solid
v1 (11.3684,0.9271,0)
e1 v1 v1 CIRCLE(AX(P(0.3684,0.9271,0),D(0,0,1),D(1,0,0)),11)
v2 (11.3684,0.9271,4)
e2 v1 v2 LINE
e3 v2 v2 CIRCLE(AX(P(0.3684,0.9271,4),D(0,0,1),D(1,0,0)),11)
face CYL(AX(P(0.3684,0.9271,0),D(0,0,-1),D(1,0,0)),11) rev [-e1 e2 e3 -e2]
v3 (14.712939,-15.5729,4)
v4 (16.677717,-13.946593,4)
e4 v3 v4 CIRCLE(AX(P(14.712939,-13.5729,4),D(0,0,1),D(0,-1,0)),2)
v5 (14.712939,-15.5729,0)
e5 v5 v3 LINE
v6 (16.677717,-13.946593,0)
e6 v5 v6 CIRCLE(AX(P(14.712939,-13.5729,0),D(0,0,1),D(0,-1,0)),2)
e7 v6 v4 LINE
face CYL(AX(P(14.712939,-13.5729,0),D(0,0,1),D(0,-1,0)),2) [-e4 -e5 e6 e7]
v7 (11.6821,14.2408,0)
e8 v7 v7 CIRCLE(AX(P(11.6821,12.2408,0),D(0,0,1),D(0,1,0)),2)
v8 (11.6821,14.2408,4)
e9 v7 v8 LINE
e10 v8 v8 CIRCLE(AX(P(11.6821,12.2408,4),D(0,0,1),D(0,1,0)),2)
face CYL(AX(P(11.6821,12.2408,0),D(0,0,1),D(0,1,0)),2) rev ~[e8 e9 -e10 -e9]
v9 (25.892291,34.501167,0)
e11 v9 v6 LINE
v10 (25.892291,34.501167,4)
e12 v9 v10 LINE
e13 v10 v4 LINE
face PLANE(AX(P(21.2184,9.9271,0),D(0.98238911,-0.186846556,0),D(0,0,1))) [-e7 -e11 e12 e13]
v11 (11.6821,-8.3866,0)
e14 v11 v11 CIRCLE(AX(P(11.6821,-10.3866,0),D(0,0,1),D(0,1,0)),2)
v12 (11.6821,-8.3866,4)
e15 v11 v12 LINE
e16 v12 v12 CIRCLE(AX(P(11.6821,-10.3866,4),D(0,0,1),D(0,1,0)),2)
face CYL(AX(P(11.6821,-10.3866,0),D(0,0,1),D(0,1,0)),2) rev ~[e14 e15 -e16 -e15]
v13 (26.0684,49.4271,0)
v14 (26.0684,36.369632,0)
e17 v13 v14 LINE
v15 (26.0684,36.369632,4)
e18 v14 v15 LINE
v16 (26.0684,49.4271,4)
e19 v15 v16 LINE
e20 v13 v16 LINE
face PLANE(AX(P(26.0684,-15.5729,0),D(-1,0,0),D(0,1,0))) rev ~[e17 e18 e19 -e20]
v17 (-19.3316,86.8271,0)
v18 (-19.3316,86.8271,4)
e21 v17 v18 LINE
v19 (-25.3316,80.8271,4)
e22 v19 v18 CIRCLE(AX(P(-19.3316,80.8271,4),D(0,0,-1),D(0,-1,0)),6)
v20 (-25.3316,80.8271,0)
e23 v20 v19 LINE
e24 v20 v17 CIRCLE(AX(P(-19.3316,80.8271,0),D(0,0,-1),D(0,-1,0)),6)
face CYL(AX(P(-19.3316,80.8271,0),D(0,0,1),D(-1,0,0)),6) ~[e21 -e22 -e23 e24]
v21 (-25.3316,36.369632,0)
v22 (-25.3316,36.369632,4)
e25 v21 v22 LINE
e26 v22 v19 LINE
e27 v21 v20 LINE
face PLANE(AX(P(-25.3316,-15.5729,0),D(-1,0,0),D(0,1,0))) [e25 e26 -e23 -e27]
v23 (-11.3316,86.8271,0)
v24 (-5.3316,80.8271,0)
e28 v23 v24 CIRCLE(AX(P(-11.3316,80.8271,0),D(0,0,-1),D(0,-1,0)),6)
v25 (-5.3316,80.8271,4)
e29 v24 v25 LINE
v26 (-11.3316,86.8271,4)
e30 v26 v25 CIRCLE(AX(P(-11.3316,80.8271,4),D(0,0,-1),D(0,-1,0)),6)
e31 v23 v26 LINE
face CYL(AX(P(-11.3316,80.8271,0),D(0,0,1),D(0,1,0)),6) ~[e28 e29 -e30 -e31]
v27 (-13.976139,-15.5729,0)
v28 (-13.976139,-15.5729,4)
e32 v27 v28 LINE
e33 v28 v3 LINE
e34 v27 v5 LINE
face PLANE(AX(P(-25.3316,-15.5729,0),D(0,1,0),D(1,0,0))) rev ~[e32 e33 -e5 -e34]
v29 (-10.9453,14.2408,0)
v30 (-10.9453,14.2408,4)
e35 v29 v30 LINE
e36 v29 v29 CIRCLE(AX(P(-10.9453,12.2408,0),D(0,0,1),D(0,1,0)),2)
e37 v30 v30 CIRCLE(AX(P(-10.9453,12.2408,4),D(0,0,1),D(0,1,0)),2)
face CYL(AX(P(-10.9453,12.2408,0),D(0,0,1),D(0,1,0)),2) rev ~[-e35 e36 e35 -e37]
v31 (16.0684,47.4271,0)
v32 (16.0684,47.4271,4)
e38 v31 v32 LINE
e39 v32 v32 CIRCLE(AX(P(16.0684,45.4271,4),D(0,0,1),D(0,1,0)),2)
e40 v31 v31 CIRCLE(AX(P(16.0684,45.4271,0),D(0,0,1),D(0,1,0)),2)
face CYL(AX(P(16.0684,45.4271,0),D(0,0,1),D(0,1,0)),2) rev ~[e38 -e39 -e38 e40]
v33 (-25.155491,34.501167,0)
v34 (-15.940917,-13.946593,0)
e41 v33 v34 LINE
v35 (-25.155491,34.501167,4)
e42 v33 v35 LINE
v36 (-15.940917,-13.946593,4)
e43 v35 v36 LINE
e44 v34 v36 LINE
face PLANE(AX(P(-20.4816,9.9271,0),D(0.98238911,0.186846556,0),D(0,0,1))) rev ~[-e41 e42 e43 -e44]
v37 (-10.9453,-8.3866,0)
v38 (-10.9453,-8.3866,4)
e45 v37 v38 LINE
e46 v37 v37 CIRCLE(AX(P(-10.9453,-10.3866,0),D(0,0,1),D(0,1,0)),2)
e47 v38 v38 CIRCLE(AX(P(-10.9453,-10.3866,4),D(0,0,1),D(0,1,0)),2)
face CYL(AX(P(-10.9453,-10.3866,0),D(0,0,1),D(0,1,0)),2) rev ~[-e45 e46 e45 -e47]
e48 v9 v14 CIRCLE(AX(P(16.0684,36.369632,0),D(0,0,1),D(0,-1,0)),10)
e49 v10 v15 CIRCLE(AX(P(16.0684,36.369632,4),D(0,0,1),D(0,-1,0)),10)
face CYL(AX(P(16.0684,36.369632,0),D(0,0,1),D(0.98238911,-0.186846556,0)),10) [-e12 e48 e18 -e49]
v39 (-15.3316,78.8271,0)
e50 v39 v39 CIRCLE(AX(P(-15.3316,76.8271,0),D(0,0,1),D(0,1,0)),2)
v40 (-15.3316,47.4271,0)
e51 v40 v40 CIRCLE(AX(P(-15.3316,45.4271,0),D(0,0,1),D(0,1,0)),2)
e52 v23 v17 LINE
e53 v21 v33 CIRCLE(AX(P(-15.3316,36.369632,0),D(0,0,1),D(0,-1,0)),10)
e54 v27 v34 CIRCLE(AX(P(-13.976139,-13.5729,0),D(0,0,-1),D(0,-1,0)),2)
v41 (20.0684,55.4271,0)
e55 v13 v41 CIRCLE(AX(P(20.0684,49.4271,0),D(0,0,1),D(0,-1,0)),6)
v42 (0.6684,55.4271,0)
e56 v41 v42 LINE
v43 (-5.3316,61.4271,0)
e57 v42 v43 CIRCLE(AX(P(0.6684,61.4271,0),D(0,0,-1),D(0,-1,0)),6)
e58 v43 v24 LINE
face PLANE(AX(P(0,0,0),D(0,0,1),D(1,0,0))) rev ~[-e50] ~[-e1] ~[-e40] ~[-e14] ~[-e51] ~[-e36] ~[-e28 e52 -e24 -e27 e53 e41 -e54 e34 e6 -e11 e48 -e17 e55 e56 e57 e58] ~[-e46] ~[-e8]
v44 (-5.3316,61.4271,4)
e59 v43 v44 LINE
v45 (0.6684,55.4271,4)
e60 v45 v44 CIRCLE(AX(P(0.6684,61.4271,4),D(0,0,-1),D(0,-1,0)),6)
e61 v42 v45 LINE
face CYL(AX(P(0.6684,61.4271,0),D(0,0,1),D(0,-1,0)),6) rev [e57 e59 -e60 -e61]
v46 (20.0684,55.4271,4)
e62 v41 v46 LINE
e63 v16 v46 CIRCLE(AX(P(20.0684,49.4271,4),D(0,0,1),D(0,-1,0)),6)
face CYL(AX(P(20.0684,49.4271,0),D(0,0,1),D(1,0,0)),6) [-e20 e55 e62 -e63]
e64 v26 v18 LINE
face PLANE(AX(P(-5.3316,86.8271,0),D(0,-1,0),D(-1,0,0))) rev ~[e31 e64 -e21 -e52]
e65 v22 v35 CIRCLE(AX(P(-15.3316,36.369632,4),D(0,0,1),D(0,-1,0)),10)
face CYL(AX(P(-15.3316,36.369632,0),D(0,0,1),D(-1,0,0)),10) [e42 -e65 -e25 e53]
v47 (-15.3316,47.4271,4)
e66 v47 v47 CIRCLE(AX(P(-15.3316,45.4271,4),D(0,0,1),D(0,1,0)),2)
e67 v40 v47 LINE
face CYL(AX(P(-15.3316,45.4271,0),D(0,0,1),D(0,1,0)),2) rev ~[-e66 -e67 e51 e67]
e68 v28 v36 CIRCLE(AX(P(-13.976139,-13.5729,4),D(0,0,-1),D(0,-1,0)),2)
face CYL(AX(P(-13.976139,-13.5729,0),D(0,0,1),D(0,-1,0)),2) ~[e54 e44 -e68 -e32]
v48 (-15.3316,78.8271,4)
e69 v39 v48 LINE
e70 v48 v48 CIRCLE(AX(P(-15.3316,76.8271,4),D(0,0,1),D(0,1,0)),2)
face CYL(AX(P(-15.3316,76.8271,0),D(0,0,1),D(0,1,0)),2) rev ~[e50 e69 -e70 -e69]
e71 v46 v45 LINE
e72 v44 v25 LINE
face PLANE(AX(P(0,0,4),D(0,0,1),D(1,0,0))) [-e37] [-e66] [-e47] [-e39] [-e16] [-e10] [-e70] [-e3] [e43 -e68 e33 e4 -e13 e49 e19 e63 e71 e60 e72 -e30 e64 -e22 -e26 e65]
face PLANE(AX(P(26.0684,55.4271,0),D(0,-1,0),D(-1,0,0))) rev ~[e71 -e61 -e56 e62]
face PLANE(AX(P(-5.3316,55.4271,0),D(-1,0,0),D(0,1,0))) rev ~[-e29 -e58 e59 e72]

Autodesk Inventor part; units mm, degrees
ref_plane "YZ Plane" through (0, 0, 0) normal (1, 0, 0) x (0, 1, 0)
ref_plane "XZ Plane" through (0, 0, 0) normal (0, 1, 0) x (-1, 0, 0)
ref_plane "XY Plane" through (0, 0, 0) normal (0, 0, 1) x (1, 0, 0)
sketch "Szkic1" plane through (0, 0, 0) normal (0, 0, 1) x (1, 0, 0)
  line L0 (-25.3316, -15.5729) -> (26.0684, -15.5729)
  line L1 (26.0684, -15.5729) -> (26.0684, 35.4271)
  line L2 (26.0684, 35.4271) -> (26.0684, 35.4271)
  line L3 (26.0684, 35.4271) -> (26.0684, 55.4271)
  line L4 (26.0684, 55.4271) -> (-5.3316, 55.4271)
  line L5 (-5.3316, 55.4271) -> (-5.3316, 86.8271)
  line L6 (-5.3316, 86.8271) -> (-25.3316, 86.8271)
  line L7 (-25.3316, -15.5729) -> (-25.3316, 86.8271)
  line L8 (-15.6316, 16.9271) -> (16.3684, 16.9271)
  line L9 (16.3684, 16.9271) -> (16.3684, -15.0729)
  line L10 (16.3684, -15.0729) -> (-15.6316, -15.0729)
  line L11 (-15.6316, -15.0729) -> (-15.6316, 16.9271)
  circle A0 centre (0.3684, 0.9271) radius 11
  circle A1 centre (0.3684, 0.9271) radius 16
  point P0 (0, 0)
  point P1 (-10.9453, 12.2408)
  point P2 (11.6821, 12.2408)
  point P3 (11.6821, -10.3866)
  point P4 (-10.9453, -10.3866)
  point P5 (16.0684, 45.4271)
  point P6 (-15.3316, 76.8271)
  point P7 (-15.3316, 45.4271)
  dimension "d0" = 20
  dimension "d1" = 20
  dimension "d2" = 51.4
  dimension "d3" = 51.4
  dimension "d4" = 34.5
  dimension "d5" = 25.7
  dimension "d6" = 51.4
  dimension "d7" = 51
  dimension "d8" = 32
  dimension "d9" = 32
  dimension "d10" = 16
  dimension "d11" = 16
  dimension "d12" = 22
  dimension "d13" = 32
  dimension "d23" = 10
  dimension "d24" = 10
  dimension "d25" = 10
  dimension "d26" = 10
  dimension "d27" = 10
  dimension "d28" = 10
extrude "Wyciągnięcie proste1" add sketch "Szkic1" along normal blind 4 contours L7 L6 L5 L4 L3 L1 L0 | L8 A1 L11 | L8 L9 A1 | A1 | A1 L10 L11 | L9 L10 A1
hole "Otwór1" at (0.3684, 0.9271, 0) at (-10.9453, 12.2408, 0) at (11.6821, 12.2408, 0) at (11.6821, -10.3866, 0) at (-10.9453, -10.3866, 0) direction (0, 0, 1) diameter 4 end through all
hole "Otwór2" at (16.0684, 45.4271, 0) at (-15.3316, 76.8271, 0) at (-15.3316, 45.4271, 0) direction (0, 0, 1) diameter 4 end through all
chamfer "Faza1" distance 51 distance2 9.7 1 edges at (-25.3316, -15.5729, 2) measured on face at (-25.3316, 18.5605, 1.3333)
chamfer "Faza2" distance 51 distance2 9.7 1 edges at (26.0684, -15.5729, 2) measured on face at (26.0684, 31.7605, 1.3333)
fillet "Zaokrąglenie1" radius 2 2 edges at (-15.6316, -15.5729, 2) (16.3684, -15.5729, 2)
fillet "Zaokrąglenie2" radius 6 4 edges at (-5.3316, 55.4271, 2) (26.0684, 55.4271, 2) (-5.3316, 86.8271, 2) (-25.3316, 86.8271, 2)
fillet "Zaokrąglenie3" radius 10 2 edges at (-25.3316, 35.4271, 2) (26.0684, 35.4271, 2)
equation "\"d1\" = d0"
equation "\"d2\" = d6"
equation "\"d3\" = d6"
equation "\"d6\" = 2 * d5"
equation "\"d10\" = 0.5 * d9"
equation "\"d11\" = 0.5 * d8"
equation "\"d25\" = 0.5 * d1"
equation "\"d26\" = 0.5 * d0"
equation "\"d27\" = d25"
equation "\"d28\" = d26"
properties part number "LC_ALU_4mm_Heatbed_Frame_Linear_Bearing_Mounting_Bracket"
